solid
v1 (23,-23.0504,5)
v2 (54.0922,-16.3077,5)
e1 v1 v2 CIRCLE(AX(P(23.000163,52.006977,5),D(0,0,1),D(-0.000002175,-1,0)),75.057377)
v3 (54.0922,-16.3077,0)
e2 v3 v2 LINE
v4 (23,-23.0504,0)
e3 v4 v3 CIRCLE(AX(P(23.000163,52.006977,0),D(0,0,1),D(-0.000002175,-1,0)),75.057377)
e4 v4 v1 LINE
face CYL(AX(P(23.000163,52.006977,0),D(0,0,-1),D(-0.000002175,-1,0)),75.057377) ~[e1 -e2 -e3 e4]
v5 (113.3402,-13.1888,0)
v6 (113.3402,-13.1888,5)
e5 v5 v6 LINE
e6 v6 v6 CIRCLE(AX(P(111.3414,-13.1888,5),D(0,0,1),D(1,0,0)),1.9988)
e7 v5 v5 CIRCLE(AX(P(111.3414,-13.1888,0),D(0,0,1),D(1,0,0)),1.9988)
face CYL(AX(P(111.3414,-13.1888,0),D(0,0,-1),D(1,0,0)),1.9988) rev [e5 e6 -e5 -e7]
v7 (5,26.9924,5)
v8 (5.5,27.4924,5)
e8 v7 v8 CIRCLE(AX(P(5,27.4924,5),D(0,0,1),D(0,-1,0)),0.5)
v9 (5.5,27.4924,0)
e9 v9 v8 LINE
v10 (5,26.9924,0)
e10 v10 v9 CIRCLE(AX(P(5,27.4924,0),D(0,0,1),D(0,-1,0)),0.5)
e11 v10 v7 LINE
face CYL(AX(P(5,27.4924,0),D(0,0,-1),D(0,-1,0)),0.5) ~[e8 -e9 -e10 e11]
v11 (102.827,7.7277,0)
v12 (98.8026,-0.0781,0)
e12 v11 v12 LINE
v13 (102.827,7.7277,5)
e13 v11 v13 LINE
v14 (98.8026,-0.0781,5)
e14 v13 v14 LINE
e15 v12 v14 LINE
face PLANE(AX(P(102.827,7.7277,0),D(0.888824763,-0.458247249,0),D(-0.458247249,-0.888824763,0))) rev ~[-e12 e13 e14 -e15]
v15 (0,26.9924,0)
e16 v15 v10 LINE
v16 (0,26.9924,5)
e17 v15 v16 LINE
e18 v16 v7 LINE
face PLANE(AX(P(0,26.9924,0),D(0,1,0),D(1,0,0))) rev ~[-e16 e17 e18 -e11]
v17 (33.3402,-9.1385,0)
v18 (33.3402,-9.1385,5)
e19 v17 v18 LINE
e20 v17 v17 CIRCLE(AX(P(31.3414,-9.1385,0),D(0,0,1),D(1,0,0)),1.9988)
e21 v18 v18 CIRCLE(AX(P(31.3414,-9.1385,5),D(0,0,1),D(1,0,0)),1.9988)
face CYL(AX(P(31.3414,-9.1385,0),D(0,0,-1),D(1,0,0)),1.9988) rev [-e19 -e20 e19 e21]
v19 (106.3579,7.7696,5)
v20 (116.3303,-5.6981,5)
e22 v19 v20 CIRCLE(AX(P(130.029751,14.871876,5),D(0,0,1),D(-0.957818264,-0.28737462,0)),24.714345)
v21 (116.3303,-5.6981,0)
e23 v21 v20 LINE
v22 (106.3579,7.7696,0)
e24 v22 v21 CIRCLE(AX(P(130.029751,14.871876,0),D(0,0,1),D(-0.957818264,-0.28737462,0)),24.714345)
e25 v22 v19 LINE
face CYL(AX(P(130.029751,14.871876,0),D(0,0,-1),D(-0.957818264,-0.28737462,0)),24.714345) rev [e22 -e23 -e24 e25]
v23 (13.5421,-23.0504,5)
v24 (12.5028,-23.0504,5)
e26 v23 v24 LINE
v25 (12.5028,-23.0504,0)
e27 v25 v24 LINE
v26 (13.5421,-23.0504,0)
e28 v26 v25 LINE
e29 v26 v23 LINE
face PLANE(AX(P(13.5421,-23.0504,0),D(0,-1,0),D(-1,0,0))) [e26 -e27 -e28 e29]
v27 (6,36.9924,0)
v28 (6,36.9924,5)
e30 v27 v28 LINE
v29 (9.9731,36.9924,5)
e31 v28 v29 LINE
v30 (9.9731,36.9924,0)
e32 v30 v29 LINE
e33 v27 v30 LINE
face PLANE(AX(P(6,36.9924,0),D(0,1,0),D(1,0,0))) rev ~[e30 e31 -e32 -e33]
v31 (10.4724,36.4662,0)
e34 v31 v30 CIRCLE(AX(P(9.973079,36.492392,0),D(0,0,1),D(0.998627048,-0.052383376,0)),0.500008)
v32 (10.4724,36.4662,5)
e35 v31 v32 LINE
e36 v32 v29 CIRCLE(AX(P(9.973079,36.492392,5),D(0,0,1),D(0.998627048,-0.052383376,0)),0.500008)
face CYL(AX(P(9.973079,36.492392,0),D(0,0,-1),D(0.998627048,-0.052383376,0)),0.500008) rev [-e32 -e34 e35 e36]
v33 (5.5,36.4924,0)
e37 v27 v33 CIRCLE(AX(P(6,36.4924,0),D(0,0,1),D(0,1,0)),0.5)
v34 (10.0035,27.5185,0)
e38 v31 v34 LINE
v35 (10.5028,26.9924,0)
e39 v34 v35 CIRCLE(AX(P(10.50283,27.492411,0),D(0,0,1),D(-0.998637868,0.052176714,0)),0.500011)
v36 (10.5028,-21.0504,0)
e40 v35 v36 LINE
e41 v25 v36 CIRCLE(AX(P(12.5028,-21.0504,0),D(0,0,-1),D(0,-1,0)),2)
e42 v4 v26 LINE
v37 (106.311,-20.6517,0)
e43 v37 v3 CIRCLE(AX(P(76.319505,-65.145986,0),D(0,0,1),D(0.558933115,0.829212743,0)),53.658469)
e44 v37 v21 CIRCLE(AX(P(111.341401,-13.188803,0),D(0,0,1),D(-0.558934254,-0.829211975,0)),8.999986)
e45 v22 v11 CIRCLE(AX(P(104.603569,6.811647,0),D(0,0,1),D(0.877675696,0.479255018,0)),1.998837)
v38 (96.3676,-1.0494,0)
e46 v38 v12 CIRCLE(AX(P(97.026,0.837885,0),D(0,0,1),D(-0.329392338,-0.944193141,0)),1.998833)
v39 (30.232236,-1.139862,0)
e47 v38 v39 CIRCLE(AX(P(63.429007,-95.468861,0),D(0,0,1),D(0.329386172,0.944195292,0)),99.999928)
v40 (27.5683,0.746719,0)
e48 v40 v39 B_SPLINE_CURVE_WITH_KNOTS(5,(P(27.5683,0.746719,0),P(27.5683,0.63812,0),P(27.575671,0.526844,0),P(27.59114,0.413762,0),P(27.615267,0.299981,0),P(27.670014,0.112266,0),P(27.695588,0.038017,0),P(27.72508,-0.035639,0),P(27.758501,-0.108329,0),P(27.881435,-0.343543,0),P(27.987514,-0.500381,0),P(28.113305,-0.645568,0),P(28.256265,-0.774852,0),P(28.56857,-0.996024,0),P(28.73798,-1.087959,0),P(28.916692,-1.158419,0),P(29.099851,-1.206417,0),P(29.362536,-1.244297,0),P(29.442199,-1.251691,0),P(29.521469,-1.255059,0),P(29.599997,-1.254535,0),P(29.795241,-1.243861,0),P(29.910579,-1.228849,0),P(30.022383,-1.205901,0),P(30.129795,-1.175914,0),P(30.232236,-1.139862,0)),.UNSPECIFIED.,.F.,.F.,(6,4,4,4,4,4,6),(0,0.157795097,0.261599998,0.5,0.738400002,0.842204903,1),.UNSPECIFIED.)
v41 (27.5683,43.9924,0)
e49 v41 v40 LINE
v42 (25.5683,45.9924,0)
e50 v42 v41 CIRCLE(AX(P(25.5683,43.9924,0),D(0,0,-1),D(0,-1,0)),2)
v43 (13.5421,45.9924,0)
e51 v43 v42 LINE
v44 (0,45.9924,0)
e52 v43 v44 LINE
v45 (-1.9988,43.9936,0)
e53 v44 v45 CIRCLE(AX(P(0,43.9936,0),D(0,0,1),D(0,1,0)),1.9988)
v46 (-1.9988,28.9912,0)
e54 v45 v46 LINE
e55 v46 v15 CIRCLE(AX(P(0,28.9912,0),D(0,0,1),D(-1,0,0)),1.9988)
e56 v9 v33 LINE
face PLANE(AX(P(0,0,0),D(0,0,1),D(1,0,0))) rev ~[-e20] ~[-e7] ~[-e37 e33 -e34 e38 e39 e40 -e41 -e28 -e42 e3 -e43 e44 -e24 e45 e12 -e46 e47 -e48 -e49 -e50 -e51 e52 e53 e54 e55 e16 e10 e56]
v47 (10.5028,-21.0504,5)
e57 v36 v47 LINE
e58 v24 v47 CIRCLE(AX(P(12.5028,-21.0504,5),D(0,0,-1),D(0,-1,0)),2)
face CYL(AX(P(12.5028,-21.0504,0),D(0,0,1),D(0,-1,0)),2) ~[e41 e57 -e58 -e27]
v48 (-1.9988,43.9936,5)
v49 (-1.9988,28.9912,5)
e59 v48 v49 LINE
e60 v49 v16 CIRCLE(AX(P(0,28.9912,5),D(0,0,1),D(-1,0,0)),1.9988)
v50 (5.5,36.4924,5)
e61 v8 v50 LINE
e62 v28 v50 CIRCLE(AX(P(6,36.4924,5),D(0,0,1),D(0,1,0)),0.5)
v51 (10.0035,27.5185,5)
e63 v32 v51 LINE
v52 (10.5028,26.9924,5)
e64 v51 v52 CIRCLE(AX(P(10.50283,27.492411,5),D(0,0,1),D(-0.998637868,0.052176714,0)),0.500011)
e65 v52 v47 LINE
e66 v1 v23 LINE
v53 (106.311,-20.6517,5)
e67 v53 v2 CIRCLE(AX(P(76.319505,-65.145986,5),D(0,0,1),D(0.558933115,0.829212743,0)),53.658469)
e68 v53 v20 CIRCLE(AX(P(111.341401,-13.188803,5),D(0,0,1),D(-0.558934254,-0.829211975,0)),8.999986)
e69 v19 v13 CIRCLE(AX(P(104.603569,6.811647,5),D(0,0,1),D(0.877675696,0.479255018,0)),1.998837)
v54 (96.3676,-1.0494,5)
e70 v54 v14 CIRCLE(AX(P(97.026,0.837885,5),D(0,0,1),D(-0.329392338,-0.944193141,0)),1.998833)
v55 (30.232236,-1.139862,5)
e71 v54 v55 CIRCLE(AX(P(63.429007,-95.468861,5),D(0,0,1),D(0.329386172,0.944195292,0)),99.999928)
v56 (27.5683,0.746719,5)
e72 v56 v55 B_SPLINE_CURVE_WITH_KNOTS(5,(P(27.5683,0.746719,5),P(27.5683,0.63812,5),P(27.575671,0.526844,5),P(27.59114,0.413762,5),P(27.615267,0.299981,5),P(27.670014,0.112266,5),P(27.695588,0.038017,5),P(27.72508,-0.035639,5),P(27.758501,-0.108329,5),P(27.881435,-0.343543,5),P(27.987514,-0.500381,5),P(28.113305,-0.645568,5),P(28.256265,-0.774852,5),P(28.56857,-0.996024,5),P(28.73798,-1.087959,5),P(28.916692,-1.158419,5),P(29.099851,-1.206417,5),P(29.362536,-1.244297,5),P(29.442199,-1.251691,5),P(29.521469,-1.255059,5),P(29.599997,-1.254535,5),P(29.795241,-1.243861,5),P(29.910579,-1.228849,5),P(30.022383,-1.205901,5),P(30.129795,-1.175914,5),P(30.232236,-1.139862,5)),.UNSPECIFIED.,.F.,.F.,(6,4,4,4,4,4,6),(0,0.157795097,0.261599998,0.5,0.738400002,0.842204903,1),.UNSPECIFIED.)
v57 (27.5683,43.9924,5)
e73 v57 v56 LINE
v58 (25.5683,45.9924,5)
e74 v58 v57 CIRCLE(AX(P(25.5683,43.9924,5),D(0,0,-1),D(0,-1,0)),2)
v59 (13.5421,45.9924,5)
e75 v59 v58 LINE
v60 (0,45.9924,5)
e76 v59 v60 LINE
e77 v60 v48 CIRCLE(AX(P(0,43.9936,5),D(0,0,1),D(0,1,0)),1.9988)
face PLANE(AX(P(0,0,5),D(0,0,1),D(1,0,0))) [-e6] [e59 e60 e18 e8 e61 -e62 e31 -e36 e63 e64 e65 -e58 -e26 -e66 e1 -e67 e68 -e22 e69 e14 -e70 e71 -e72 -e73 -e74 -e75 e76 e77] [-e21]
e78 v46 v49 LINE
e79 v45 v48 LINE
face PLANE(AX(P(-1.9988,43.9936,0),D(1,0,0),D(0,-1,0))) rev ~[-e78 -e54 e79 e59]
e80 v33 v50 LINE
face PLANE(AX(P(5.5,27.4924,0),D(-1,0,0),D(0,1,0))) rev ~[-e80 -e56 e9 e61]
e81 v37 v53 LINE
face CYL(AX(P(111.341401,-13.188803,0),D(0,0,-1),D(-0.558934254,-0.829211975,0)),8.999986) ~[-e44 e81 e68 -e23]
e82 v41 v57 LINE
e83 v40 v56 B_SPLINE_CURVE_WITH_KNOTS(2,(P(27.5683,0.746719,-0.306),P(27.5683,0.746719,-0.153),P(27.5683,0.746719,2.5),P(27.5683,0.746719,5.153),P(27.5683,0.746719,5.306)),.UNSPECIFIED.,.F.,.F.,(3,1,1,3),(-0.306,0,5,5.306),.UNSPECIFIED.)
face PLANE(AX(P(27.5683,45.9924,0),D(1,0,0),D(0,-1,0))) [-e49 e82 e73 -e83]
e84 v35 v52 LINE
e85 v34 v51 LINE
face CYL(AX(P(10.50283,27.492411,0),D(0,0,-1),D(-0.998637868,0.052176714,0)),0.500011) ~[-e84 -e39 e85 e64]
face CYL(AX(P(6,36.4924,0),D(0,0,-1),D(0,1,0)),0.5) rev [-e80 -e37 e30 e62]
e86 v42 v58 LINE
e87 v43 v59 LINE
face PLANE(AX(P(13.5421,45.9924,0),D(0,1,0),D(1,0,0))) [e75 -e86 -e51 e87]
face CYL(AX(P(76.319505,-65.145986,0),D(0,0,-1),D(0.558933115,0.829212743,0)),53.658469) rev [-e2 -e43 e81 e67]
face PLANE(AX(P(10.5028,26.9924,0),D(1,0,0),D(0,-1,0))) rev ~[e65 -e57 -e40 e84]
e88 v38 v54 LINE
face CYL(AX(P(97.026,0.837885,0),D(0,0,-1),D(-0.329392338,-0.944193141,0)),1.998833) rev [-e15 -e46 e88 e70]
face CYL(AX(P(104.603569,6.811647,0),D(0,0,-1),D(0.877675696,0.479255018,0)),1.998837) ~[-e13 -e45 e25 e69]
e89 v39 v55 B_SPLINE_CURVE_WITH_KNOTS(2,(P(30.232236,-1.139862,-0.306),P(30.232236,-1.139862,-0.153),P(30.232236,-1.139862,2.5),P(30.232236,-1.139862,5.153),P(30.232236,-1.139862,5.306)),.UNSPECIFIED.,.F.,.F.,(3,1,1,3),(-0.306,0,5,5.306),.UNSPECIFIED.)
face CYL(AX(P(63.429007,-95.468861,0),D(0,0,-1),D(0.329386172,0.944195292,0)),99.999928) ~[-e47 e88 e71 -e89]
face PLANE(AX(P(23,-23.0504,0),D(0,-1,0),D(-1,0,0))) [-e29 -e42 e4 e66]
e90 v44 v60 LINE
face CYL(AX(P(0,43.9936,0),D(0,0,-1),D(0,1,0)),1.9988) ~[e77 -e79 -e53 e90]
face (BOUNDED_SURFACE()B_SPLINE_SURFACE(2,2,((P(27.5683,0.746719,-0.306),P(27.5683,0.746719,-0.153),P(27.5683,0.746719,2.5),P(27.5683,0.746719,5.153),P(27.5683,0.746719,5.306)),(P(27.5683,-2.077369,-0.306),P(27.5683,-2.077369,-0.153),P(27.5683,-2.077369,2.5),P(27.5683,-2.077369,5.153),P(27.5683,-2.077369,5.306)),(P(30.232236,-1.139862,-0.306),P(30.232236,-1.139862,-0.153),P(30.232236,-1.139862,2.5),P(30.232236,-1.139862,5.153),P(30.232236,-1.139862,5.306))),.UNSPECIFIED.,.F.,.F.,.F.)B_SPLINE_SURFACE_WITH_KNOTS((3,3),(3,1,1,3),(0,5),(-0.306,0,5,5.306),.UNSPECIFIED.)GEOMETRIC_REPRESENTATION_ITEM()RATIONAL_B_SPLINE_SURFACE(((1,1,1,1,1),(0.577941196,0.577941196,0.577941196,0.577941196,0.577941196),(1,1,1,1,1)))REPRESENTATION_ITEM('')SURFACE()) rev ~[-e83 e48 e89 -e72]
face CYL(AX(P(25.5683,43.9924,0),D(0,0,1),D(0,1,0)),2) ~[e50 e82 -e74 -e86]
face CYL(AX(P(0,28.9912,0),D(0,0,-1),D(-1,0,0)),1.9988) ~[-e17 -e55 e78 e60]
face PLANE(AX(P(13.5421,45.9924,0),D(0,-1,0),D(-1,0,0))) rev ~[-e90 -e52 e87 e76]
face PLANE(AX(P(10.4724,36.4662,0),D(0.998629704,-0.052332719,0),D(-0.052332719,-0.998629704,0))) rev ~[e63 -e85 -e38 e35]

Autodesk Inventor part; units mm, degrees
ref_plane "YZ Plane" through (0, 0, 0) normal (1, 0, 0) x (0, 1, 0)
ref_plane "XZ Plane" through (0, 0, 0) normal (0, 1, 0) x (-1, 0, 0)
ref_plane "XY Plane" through (0, 0, 0) normal (0, 0, 1) x (1, 0, 0)
sketch "Boceto1" plane through (0, 0, 0) normal (0, 0, 1) x (1, 0, 0)
  line L0 (0, 26.9924) -> (5, 26.9924)
  arc A0 (5, 26.9924) -> (5.5, 27.4924) centre (5, 27.4924) ccw
  line L1 (5.5, 27.4924) -> (5.5, 36.4924)
  arc A1 (6, 36.9924) -> (5.5, 36.4924) centre (6, 36.4924) ccw
  line L2 (6, 36.9924) -> (9.9731, 36.9924)
  arc A2 (10.4724, 36.4662) -> (9.9731, 36.9924) centre (9.9731, 36.4924) ccw
  line L3 (10.4724, 36.4662) -> (10.0035, 27.5185)
  arc A3 (10.0035, 27.5185) -> (10.5028, 26.9924) centre (10.5028, 27.4924) ccw
  arc A4 (23, -23.0504) -> (54.0922, -16.3077) centre (23, 52.0085) ccw
  arc A5 (106.311, -20.6517) -> (54.0922, -16.3077) centre (76.3195, -65.146) ccw
  arc A6 (106.311, -20.6517) -> (116.3303, -5.6981) centre (111.3414, -13.1888) ccw
  arc A7 (106.3579, 7.7696) -> (116.3303, -5.6981) centre (130.0298, 14.8719) ccw
  arc A8 (106.3579, 7.7696) -> (102.827, 7.7277) centre (104.6036, 6.8117) ccw
  line L4 (102.827, 7.7277) -> (98.8026, -0.0781)
  arc A9 (96.3676, -1.0494) -> (98.8026, -0.0781) centre (97.026, 0.8379) ccw
  arc A10 (96.3676, -1.0494) -> (30.1711, -1.1614) centre (63.429, -95.4689) ccw
  line L5 (13.5421, 45.9924) -> (0, 45.9924)
  arc A11 (0, 45.9924) -> (-1.9988, 43.9936) centre (0, 43.9936) ccw
  line L6 (-1.9988, 43.9936) -> (-1.9988, 28.9912)
  arc A12 (-1.9988, 28.9912) -> (0, 26.9924) centre (0, 28.9912) ccw
  circle A13 centre (111.3414, -13.1888) radius 1.9988
  circle A14 centre (31.3414, -9.1385) radius 1.9988
  line L7 (10.5028, 26.9924) -> (10.5028, -23.0504)
  line L8 (23, -23.0504) -> (13.5421, -23.0504)
  line L9 (13.5421, 45.9924) -> (27.5683, 45.9924)
  line L10 (27.5683, 45.9924) -> (27.5683, -2)
  arc A15 (27.5683, -2) -> (30.1711, -1.1614) centre (13.5421, 45.9924) ccw
  line L11 (13.5421, -23.0504) -> (10.5028, -23.0504)
  point P0 (0, 0)
extrude "Extrusión2" add sketch "Boceto1" along normal blind 5
fillet "Empalme1" radius 2 3 edges at (10.5028, -23.0504, 2.5) (27.5683, 45.9924, 2.5) (27.5683, -2, 2.5)
properties part number "soporte bobina nuevo"
